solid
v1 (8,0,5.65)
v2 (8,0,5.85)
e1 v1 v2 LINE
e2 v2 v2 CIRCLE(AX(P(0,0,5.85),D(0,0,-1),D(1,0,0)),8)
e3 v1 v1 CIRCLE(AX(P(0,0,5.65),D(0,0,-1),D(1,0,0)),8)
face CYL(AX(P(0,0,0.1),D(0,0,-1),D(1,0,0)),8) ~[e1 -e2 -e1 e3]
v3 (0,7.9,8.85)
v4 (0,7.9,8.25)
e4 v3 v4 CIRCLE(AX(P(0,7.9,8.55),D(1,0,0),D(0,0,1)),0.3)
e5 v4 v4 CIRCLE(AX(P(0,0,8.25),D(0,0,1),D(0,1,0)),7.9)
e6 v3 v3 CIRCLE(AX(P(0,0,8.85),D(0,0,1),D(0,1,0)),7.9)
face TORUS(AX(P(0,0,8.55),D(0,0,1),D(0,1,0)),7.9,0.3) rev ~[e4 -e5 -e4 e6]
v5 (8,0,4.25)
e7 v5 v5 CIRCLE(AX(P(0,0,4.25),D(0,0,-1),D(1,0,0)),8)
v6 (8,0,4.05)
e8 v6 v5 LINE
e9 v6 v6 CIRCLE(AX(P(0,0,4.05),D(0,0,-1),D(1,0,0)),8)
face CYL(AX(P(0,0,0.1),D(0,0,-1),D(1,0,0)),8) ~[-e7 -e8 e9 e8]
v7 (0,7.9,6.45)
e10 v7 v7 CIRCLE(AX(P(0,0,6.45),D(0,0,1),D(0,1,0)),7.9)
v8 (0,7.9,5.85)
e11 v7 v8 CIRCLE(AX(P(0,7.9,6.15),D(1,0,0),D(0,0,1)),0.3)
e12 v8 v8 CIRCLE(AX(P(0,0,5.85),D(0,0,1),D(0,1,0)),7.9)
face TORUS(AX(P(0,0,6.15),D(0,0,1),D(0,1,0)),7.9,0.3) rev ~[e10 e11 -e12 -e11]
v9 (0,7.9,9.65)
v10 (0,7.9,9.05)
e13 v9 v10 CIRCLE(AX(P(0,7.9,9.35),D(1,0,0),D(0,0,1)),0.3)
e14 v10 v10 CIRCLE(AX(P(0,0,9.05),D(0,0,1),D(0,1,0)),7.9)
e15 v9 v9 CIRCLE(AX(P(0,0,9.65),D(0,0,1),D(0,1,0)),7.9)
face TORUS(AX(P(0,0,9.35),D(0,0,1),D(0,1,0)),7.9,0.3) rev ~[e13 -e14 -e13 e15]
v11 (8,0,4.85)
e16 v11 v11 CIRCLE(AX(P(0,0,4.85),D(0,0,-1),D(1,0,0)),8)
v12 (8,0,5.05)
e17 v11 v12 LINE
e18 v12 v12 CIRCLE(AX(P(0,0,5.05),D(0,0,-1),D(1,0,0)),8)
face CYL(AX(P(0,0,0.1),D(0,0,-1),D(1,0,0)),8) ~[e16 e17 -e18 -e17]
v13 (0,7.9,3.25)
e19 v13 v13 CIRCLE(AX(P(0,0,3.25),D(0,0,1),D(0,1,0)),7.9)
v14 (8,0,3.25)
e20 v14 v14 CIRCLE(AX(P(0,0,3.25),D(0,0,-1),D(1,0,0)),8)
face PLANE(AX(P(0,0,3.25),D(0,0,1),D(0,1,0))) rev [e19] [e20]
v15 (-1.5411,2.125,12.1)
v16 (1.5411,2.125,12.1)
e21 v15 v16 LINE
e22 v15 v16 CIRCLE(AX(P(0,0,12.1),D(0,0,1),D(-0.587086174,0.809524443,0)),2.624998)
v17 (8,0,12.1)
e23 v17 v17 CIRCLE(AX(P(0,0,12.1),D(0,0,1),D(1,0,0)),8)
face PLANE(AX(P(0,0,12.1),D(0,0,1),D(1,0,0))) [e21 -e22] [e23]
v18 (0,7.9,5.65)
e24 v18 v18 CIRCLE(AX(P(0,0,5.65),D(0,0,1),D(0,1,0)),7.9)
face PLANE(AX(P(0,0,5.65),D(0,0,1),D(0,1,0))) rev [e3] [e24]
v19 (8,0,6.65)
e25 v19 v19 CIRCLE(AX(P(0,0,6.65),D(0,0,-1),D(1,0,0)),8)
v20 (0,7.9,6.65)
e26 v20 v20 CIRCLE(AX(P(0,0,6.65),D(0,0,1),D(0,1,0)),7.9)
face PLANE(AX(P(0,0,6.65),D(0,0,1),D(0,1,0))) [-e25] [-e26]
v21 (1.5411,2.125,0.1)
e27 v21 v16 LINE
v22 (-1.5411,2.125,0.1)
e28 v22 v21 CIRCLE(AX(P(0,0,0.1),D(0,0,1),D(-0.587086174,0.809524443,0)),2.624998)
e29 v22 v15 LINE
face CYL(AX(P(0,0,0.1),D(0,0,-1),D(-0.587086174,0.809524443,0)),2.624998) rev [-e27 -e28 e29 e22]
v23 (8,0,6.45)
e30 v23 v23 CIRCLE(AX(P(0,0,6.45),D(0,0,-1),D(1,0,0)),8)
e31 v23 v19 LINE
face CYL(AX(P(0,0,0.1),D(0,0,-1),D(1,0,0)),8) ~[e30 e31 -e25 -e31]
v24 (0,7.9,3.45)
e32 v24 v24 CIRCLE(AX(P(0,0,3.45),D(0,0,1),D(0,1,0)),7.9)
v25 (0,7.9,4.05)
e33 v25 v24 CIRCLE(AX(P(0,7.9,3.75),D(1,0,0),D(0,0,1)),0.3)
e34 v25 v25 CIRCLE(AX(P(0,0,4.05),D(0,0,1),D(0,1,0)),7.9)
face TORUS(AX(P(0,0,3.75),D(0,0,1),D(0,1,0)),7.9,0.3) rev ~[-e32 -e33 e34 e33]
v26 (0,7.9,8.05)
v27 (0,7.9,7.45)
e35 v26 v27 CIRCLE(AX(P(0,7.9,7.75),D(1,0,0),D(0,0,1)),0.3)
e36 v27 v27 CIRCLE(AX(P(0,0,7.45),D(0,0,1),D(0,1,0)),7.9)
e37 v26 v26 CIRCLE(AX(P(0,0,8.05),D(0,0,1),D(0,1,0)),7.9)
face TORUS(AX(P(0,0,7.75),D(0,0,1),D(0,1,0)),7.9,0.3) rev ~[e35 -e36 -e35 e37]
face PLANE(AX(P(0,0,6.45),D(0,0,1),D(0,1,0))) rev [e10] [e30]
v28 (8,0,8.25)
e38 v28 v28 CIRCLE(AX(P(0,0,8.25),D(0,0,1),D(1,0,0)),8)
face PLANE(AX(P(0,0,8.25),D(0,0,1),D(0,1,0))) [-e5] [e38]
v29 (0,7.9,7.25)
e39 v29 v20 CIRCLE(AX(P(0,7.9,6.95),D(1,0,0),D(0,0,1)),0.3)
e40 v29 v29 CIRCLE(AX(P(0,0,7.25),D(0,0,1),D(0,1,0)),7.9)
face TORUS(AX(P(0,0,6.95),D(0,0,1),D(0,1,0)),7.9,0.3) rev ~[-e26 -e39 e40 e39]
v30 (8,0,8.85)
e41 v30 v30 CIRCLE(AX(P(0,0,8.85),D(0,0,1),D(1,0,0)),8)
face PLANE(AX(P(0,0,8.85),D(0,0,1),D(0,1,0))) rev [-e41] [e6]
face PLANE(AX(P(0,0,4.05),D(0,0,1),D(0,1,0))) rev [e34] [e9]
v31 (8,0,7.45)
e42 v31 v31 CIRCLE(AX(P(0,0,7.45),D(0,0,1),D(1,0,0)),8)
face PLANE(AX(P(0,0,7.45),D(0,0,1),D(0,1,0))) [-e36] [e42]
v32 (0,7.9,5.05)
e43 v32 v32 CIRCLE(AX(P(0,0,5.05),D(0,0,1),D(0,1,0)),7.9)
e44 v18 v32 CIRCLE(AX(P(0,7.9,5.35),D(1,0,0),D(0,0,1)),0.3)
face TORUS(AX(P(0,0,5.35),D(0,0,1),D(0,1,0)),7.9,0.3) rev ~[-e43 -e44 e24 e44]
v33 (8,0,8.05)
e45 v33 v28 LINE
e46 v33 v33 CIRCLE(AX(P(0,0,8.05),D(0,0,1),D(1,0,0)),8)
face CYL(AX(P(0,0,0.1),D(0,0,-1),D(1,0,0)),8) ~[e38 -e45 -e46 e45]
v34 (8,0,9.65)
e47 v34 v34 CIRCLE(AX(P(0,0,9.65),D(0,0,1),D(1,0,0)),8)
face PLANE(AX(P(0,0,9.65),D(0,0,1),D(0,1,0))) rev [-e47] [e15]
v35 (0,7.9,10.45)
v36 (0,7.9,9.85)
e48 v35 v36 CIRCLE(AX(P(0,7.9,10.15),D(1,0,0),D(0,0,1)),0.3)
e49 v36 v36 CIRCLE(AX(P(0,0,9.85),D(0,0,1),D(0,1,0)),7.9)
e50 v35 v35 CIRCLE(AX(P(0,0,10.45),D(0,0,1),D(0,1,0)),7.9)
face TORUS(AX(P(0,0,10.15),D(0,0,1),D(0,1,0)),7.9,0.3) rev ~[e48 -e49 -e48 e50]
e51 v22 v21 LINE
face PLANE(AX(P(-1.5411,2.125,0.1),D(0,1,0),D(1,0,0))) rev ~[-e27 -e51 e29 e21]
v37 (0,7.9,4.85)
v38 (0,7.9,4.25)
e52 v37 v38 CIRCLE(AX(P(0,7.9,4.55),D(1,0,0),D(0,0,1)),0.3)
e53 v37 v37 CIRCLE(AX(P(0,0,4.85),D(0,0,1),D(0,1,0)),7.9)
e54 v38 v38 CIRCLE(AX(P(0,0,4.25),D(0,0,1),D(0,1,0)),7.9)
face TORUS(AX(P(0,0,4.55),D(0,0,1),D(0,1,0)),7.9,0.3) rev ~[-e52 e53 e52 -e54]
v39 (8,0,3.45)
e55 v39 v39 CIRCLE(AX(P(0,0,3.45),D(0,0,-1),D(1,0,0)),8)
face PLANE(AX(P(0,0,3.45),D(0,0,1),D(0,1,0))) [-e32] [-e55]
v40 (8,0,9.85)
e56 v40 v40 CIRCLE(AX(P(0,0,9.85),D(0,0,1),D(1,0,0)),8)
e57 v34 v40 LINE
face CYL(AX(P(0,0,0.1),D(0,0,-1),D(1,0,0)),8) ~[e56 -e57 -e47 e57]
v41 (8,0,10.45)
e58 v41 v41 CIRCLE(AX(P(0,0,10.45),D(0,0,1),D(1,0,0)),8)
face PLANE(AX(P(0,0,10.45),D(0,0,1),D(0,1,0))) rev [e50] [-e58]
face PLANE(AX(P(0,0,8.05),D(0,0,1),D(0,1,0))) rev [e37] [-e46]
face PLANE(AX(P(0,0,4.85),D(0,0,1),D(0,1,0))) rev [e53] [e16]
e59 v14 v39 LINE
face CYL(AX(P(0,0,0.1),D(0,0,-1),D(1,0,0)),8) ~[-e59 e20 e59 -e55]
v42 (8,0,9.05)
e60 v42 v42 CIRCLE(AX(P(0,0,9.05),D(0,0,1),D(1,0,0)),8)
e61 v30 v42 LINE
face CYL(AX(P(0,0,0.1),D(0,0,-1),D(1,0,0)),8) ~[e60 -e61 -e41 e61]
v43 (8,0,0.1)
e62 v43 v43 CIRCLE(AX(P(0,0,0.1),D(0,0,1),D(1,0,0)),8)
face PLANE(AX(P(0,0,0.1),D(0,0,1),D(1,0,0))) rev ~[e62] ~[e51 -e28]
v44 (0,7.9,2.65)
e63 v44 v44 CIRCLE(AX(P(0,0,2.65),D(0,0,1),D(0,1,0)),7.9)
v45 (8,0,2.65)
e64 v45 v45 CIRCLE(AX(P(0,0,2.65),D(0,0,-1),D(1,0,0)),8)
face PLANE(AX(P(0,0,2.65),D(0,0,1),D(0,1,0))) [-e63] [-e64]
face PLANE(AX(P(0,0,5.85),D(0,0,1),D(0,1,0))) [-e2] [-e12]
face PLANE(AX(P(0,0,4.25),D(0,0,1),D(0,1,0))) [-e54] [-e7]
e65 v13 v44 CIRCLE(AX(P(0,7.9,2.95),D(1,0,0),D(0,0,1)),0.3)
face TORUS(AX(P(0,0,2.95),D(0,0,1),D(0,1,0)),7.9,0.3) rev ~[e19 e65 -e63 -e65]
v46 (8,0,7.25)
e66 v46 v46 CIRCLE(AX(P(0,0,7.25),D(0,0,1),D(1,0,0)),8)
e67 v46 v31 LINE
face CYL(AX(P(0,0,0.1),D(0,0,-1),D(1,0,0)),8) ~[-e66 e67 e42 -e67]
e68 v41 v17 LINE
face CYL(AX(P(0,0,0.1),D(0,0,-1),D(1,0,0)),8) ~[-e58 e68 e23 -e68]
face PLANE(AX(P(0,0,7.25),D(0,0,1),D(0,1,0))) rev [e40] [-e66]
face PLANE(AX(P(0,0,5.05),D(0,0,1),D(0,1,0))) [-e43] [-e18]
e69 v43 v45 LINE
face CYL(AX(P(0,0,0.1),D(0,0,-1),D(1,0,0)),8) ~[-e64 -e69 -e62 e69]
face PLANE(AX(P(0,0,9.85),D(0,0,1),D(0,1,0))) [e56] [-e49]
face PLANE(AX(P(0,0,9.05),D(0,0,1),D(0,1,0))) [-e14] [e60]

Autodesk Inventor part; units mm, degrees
ref_plane "YZ Plane" through (0, 0, 0) normal (1, 0, 0) x (0, 1, 0)
ref_plane "XZ Plane" through (0, 0, 0) normal (0, 1, 0) x (-1, 0, 0)
ref_plane "XY Plane" through (0, 0, 0) normal (0, 0, 1) x (1, 0, 0)
ref_plane "Work Plane1" through (0, 0, 0.1) normal (0, 0, 1) x (1, 0, 0)
sketch "Sketch1" plane through (0, 0, 0.1) normal (0, 0, 1) x (1, 0, 0)
  circle A0 centre (0, 0) radius 8
  line L0 (1.5, 2) -> (-1.5, 2) projected
  arc A1 (-1.5, 2) -> (1.5, 2) centre (0, 0) ccw projected
  line L1 (-1.5411, 2.125) -> (1.5411, 2.125)
  arc A2 (-1.5411, 2.125) -> (1.5411, 2.125) centre (0, 0) ccw
  circle A3 centre (0, 0) radius 2.625 construction
  line L2 (-0.7133, 3.975) -> (1.2496, 3.975) construction
  line L3 (1.2496, 3.975) -> (1.2496, 3.375) construction
  line L4 (1.2496, 3.375) -> (-0.5971, 3.375) construction
  dimension "d1" = 0.125
  dimension "d18" = 0.6
  dimension "d35" = 16
extrude "Extrusion1" add sketch "Sketch1" along normal blind 12 contours A0
sketch "Sketch5" plane through (0, 0, 0) normal (1, 0, 0) x (0, 1, 0)
  line L0 (21, 1) -> (8.4705, 1) construction
  line L1 (8.4705, 1) -> (-14.7037, 1) construction
  line L2 (8, 0.1) -> (8, 12.1) projected
  line L3 (7.9, 10.45) -> (8, 10.45)
  line L4 (8, 10.45) -> (8, 9.85)
  line L5 (8, 0.1) -> (8, 12.1) projected
  line L6 (8, 9.85) -> (7.9, 9.85)
  line L7 (8, 12.1) -> (-8, 12.1) projected
  arc A0 (7.9, 10.45) -> (7.9, 9.85) centre (7.9, 10.15) ccw
  arc A1 (7.9, 9.65) -> (7.9, 9.05) centre (7.9, 9.35) ccw
  line L8 (7.9, 9.65) -> (8, 9.65)
  line L9 (8, 9.65) -> (8, 9.05)
  line L10 (8, 9.05) -> (7.9, 9.05)
  arc A2 (7.9, 8.85) -> (7.9, 8.25) centre (7.9, 8.55) ccw
  line L11 (7.9, 8.85) -> (8, 8.85)
  line L12 (8, 8.85) -> (8, 8.25)
  line L13 (8, 8.25) -> (7.9, 8.25)
  arc A3 (7.9, 8.05) -> (7.9, 7.45) centre (7.9, 7.75) ccw
  line L14 (7.9, 8.05) -> (8, 8.05)
  line L15 (8, 8.05) -> (8, 7.45)
  line L16 (8, 7.45) -> (7.9, 7.45)
  arc A4 (7.9, 7.25) -> (7.9, 6.65) centre (7.9, 6.95) ccw
  line L17 (7.9, 7.25) -> (8, 7.25)
  line L18 (8, 7.25) -> (8, 6.65)
  line L19 (8, 6.65) -> (7.9, 6.65)
  arc A5 (7.9, 6.45) -> (7.9, 5.85) centre (7.9, 6.15) ccw
  line L20 (7.9, 6.45) -> (8, 6.45)
  line L21 (8, 6.45) -> (8, 5.85)
  line L22 (8, 5.85) -> (7.9, 5.85)
  arc A6 (7.9, 5.65) -> (7.9, 5.05) centre (7.9, 5.35) ccw
  line L23 (7.9, 5.65) -> (8, 5.65)
  line L24 (8, 5.65) -> (8, 5.05)
  line L25 (8, 5.05) -> (7.9, 5.05)
  arc A7 (7.9, 4.85) -> (7.9, 4.25) centre (7.9, 4.55) ccw
  line L26 (7.9, 4.85) -> (8, 4.85)
  line L27 (8, 4.85) -> (8, 4.25)
  line L28 (8, 4.25) -> (7.9, 4.25)
  arc A8 (7.9, 4.05) -> (7.9, 3.45) centre (7.9, 3.75) ccw
  line L29 (7.9, 4.05) -> (8, 4.05)
  line L30 (8, 4.05) -> (8, 3.45)
  line L31 (8, 3.45) -> (7.9, 3.45)
  arc A9 (7.9, 3.25) -> (7.9, 2.65) centre (7.9, 2.95) ccw
  line L32 (7.9, 3.25) -> (8, 3.25)
  line L33 (8, 3.25) -> (8, 2.65)
  line L34 (8, 2.65) -> (7.9, 2.65)
  line L35 (0, -2.42) -> (0, 14.52) projected
  point P0 (0, 0)
  dimension "d75" = 0.1
  dimension "d76" = 1.95
  dimension "d77" = 0.3
  dimension "d80" = 0.8
  dimension "d86" = 1.95
revolve "Revolution4" cut sketch "Sketch5" angle 360 about axis through (0, 0, -10) along (0, 0, 1)
sketch "Sketch6" plane through (0, 0, 12.1) normal (0, 0, 1) x (1, 0, 0)
  circle A0 centre (0, 0) radius 2.625 projected
  line L0 (-1.5411, 2.125) -> (1.5411, 2.125) projected
  point P0 (0, 0)
  dimension "d53" = 1.125
  dimension "d54" = 0.25
  dimension "d55" = 2
  dimension "d56" = 1
  dimension "d57" = 0.25
  dimension "d58" = 1
  dimension "d62" = 80
sketch "Sketch3" plane through (0, 0, 12.1) normal (0, 0, 1) x (1, 0, 0)
  circle A0 centre (0, 0) radius 8 projected
  line L0 (-0.2046, 7.8333) -> (0.3721, 7.8333) construction
  line L1 (0, 7.8333) -> (-0.5956, 6.8073)
  line L2 (0, 7.8333) -> (0.5956, 6.8073)
  line L3 (0, 0) -> (-0.5956, 6.8073)
  line L4 (0, 0) -> (0.5956, 6.8073)
  circle A1 centre (0, 0) radius 6.8333 projected
  dimension "d46" = 10
  dimension "d60" = 1
equation "\"d76\" = d86"
properties part number "big one"
